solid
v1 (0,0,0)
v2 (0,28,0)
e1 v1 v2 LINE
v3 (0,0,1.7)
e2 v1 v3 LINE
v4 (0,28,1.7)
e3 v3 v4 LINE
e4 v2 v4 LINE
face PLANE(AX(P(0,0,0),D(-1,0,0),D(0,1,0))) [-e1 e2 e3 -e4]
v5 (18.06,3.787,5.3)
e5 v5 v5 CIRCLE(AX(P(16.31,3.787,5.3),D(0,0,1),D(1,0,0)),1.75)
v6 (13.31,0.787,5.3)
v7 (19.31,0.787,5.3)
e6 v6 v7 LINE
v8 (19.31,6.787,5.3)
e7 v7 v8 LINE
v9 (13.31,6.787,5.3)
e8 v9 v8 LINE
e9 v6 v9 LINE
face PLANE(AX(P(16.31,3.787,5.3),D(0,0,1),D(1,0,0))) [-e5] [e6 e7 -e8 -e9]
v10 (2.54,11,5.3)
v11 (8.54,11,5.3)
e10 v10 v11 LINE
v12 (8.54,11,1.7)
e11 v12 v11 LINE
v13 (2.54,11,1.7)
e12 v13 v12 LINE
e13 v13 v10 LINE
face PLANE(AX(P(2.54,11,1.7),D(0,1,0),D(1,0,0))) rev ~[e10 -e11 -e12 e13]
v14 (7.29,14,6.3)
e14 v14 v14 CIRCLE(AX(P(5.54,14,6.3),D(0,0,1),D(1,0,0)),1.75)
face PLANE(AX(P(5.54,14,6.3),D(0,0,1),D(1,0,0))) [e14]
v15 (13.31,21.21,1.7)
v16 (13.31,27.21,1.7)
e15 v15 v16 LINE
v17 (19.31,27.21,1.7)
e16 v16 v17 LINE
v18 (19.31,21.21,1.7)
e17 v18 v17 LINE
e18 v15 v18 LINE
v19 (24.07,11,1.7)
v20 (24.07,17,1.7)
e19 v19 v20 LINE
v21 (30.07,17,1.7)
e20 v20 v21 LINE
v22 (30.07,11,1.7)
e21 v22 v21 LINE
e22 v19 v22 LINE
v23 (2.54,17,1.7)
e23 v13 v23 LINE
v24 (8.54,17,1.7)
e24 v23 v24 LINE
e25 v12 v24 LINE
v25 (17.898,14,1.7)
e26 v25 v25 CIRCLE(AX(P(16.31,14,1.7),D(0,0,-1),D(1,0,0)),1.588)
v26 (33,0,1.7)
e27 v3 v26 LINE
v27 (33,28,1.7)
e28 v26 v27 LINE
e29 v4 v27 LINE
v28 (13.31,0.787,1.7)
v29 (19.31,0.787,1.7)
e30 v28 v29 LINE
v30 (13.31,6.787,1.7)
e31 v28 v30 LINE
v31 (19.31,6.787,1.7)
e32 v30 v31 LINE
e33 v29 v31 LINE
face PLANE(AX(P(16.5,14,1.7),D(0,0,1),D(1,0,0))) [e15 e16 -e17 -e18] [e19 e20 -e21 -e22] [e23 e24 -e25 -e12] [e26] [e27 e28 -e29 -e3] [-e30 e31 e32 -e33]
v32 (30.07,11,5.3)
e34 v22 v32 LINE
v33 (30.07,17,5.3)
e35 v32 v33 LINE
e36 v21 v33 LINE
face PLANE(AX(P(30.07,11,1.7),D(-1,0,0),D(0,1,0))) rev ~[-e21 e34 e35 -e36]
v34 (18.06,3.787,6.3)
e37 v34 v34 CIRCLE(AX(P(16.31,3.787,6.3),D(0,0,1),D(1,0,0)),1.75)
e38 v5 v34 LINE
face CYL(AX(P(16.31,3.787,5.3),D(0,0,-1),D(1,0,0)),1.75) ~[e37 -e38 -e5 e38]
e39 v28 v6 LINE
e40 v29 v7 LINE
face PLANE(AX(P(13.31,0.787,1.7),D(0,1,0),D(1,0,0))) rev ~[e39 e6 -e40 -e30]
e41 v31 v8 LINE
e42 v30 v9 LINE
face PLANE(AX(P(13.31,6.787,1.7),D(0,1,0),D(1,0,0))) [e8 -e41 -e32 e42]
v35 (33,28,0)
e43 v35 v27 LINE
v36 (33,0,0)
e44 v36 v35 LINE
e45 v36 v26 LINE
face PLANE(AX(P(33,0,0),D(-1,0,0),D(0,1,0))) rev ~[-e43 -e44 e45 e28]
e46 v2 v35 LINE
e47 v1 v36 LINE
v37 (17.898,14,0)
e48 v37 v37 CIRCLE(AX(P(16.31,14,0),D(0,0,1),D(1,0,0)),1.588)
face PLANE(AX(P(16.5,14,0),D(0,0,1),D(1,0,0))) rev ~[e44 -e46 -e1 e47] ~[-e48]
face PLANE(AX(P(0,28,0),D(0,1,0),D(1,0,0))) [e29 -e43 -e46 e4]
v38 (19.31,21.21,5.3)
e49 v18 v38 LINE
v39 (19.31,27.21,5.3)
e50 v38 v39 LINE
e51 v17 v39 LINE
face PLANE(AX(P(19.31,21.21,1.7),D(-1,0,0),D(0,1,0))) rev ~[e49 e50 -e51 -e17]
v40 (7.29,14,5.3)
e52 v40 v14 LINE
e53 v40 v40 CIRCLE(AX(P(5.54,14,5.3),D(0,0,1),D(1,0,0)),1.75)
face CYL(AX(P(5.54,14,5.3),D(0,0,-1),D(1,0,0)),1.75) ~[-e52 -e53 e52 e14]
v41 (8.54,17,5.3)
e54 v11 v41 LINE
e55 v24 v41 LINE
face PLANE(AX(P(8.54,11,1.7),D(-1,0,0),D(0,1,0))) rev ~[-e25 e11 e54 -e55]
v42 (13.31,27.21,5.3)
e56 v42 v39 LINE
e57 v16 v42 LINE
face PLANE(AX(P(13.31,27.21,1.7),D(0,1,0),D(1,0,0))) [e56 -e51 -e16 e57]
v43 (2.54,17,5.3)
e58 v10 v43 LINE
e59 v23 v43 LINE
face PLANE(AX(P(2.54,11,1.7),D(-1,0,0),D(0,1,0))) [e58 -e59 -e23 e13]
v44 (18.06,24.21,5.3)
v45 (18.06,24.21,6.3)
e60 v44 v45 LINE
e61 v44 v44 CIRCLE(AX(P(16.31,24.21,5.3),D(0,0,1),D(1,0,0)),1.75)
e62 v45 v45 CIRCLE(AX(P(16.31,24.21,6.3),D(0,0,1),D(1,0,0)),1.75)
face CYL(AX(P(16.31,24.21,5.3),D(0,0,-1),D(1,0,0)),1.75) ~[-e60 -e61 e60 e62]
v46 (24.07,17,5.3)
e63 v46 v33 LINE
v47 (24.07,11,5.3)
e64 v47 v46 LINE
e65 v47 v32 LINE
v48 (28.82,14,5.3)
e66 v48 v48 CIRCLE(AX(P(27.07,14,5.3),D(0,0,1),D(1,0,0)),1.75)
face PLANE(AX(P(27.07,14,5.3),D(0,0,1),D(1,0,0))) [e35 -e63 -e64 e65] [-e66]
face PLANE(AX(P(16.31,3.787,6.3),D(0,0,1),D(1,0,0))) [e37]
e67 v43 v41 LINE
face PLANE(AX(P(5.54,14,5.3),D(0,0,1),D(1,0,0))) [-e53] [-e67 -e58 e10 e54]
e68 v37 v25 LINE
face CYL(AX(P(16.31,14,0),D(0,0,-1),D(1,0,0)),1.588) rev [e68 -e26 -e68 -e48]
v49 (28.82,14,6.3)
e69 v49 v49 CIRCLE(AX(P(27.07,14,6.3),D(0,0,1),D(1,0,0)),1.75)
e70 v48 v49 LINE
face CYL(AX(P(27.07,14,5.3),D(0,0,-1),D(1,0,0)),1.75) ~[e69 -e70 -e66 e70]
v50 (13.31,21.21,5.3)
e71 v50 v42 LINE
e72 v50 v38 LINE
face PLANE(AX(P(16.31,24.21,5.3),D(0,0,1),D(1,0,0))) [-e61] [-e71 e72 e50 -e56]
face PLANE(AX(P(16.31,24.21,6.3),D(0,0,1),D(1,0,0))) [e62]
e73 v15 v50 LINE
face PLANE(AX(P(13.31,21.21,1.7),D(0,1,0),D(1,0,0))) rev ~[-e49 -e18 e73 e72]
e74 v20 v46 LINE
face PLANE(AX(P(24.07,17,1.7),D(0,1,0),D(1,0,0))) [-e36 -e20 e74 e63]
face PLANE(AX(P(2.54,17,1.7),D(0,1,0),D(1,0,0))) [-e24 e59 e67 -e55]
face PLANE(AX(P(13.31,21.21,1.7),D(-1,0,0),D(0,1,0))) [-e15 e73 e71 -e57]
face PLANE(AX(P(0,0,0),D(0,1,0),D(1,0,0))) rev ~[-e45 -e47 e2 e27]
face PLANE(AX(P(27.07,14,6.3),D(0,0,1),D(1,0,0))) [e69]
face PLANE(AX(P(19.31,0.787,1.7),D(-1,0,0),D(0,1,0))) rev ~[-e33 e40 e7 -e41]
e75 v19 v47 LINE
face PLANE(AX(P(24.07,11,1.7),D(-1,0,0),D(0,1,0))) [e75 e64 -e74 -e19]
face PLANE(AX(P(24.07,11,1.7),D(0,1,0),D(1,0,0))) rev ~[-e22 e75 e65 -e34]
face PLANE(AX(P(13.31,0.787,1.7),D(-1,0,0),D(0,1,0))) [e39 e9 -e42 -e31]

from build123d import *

# Parameters (mm, degrees)
CYLINDER001_R     = 1.75
CYLINDER001_DEPTH = 1
BOX002_W          = 6
BOX002_H          = 6
BOX002_DEPTH      = 3.6
CYLINDER002_R     = 1.75
CYLINDER002_DEPTH = 1
BOX003_W          = 6
BOX003_H          = 6
BOX003_DEPTH      = 3.6
CYLINDER003_R     = 1.75
CYLINDER003_DEPTH = 1
BOX004_W          = 6
BOX004_H          = 6
BOX004_DEPTH      = 3.6
CYLINDER004_R     = 1.588
CYLINDER004_DEPTH = 2
BOX001_W          = 33
BOX001_H          = 28
BOX001_DEPTH      = 1.7
CYLINDER_R        = 1.75
CYLINDER_DEPTH    = 1
BOX_W             = 6
BOX_H             = 6
BOX_DEPTH         = 3.6


with BuildPart() as btnrt_top:
    # Cylinder001 → Cylinder001 (new body)
    with BuildSketch(Plane(origin=(3, 3, 3.6), x_dir=(1, 0, 0), z_dir=(0, 0, 1))):
        Circle(CYLINDER001_R)
    extrude(amount=CYLINDER001_DEPTH)


with BuildPart() as btnrt:
    # Box002 → Box002 (new body)
    with BuildSketch(Plane.XY):
        with Locations((3, 3)):
            Rectangle(BOX002_W, BOX002_H)
    extrude(amount=BOX002_DEPTH)

    # Fusion001: union Btnrt_Top
    add(btnrt_top.part)


with BuildPart() as btnrt_1:
    # Fusion001 placement: moved
    add(btnrt.part.moved(Location((24.07, 11, 1.7))))


with BuildPart() as btnup_top:
    # Cylinder002 → Cylinder002 (new body)
    with BuildSketch(Plane(origin=(3, 3, 3.6), x_dir=(1, 0, 0), z_dir=(0, 0, 1))):
        Circle(CYLINDER002_R)
    extrude(amount=CYLINDER002_DEPTH)


with BuildPart() as btnup:
    # Box003 → Box003 (new body)
    with BuildSketch(Plane.XY):
        with Locations((3, 3)):
            Rectangle(BOX003_W, BOX003_H)
    extrude(amount=BOX003_DEPTH)

    # Fusion002: union Btnup_Top
    add(btnup_top.part)


with BuildPart() as btnup_1:
    # Fusion002 placement: moved
    add(btnup.part.moved(Location((13.31, 21.21, 1.7))))


with BuildPart() as btndn_top:
    # Cylinder003 → Cylinder003 (new body)
    with BuildSketch(Plane(origin=(3, 3, 3.6), x_dir=(1, 0, 0), z_dir=(0, 0, 1))):
        Circle(CYLINDER003_R)
    extrude(amount=CYLINDER003_DEPTH)


with BuildPart() as btndn:
    # Box004 → Box004 (new body)
    with BuildSketch(Plane.XY):
        with Locations((3, 3)):
            Rectangle(BOX004_W, BOX004_H)
    extrude(amount=BOX004_DEPTH)

    # Fusion003: union Btndn_Top
    add(btndn_top.part)


with BuildPart() as btndn_1:
    # Fusion003 placement: moved
    add(btndn.part.moved(Location((13.31, 0.787, 1.7))))


with BuildPart() as dpad_center_hole:
    # Cylinder004 → Cylinder004 (new body)
    with BuildSketch(Plane(origin=(16.31, 14, 0), x_dir=(1, 0, 0), z_dir=(0, 0, 1))):
        Circle(CYLINDER004_R)
    extrude(amount=CYLINDER004_DEPTH)


with BuildPart() as cut:
    # Box001 → Box001 (new body)
    with BuildSketch(Plane.XY):
        with Locations((16.5, 14)):
            Rectangle(BOX001_W, BOX001_H)
    extrude(amount=BOX001_DEPTH)

    # Cut: cut Dpad_Center_Hole
    add(dpad_center_hole.part, mode=Mode.SUBTRACT)


with BuildPart() as btnlft_top:
    # Cylinder → Cylinder (new body)
    with BuildSketch(Plane(origin=(3, 3, 3.6), x_dir=(1, 0, 0), z_dir=(0, 0, 1))):
        Circle(CYLINDER_R)
    extrude(amount=CYLINDER_DEPTH)


with BuildPart() as dpad_pcb:
    # Box → Box (new body)
    with BuildSketch(Plane.XY):
        with Locations((3, 3)):
            Rectangle(BOX_W, BOX_H)
    extrude(amount=BOX_DEPTH)

    # Fusion: union Btnlft_Top
    add(btnlft_top.part)


with BuildPart() as dpad_pcb_1:
    # Fusion placement: moved
    add(dpad_pcb.part.moved(Location((2.54, 11, 1.7))))

    # Fusion004: union Btnrt, Btnup, Btndn, Cut
    add(btnrt_1.part)
    add(btnup_1.part)
    add(btndn_1.part)
    add(cut.part)


solid = dpad_pcb_1.part
